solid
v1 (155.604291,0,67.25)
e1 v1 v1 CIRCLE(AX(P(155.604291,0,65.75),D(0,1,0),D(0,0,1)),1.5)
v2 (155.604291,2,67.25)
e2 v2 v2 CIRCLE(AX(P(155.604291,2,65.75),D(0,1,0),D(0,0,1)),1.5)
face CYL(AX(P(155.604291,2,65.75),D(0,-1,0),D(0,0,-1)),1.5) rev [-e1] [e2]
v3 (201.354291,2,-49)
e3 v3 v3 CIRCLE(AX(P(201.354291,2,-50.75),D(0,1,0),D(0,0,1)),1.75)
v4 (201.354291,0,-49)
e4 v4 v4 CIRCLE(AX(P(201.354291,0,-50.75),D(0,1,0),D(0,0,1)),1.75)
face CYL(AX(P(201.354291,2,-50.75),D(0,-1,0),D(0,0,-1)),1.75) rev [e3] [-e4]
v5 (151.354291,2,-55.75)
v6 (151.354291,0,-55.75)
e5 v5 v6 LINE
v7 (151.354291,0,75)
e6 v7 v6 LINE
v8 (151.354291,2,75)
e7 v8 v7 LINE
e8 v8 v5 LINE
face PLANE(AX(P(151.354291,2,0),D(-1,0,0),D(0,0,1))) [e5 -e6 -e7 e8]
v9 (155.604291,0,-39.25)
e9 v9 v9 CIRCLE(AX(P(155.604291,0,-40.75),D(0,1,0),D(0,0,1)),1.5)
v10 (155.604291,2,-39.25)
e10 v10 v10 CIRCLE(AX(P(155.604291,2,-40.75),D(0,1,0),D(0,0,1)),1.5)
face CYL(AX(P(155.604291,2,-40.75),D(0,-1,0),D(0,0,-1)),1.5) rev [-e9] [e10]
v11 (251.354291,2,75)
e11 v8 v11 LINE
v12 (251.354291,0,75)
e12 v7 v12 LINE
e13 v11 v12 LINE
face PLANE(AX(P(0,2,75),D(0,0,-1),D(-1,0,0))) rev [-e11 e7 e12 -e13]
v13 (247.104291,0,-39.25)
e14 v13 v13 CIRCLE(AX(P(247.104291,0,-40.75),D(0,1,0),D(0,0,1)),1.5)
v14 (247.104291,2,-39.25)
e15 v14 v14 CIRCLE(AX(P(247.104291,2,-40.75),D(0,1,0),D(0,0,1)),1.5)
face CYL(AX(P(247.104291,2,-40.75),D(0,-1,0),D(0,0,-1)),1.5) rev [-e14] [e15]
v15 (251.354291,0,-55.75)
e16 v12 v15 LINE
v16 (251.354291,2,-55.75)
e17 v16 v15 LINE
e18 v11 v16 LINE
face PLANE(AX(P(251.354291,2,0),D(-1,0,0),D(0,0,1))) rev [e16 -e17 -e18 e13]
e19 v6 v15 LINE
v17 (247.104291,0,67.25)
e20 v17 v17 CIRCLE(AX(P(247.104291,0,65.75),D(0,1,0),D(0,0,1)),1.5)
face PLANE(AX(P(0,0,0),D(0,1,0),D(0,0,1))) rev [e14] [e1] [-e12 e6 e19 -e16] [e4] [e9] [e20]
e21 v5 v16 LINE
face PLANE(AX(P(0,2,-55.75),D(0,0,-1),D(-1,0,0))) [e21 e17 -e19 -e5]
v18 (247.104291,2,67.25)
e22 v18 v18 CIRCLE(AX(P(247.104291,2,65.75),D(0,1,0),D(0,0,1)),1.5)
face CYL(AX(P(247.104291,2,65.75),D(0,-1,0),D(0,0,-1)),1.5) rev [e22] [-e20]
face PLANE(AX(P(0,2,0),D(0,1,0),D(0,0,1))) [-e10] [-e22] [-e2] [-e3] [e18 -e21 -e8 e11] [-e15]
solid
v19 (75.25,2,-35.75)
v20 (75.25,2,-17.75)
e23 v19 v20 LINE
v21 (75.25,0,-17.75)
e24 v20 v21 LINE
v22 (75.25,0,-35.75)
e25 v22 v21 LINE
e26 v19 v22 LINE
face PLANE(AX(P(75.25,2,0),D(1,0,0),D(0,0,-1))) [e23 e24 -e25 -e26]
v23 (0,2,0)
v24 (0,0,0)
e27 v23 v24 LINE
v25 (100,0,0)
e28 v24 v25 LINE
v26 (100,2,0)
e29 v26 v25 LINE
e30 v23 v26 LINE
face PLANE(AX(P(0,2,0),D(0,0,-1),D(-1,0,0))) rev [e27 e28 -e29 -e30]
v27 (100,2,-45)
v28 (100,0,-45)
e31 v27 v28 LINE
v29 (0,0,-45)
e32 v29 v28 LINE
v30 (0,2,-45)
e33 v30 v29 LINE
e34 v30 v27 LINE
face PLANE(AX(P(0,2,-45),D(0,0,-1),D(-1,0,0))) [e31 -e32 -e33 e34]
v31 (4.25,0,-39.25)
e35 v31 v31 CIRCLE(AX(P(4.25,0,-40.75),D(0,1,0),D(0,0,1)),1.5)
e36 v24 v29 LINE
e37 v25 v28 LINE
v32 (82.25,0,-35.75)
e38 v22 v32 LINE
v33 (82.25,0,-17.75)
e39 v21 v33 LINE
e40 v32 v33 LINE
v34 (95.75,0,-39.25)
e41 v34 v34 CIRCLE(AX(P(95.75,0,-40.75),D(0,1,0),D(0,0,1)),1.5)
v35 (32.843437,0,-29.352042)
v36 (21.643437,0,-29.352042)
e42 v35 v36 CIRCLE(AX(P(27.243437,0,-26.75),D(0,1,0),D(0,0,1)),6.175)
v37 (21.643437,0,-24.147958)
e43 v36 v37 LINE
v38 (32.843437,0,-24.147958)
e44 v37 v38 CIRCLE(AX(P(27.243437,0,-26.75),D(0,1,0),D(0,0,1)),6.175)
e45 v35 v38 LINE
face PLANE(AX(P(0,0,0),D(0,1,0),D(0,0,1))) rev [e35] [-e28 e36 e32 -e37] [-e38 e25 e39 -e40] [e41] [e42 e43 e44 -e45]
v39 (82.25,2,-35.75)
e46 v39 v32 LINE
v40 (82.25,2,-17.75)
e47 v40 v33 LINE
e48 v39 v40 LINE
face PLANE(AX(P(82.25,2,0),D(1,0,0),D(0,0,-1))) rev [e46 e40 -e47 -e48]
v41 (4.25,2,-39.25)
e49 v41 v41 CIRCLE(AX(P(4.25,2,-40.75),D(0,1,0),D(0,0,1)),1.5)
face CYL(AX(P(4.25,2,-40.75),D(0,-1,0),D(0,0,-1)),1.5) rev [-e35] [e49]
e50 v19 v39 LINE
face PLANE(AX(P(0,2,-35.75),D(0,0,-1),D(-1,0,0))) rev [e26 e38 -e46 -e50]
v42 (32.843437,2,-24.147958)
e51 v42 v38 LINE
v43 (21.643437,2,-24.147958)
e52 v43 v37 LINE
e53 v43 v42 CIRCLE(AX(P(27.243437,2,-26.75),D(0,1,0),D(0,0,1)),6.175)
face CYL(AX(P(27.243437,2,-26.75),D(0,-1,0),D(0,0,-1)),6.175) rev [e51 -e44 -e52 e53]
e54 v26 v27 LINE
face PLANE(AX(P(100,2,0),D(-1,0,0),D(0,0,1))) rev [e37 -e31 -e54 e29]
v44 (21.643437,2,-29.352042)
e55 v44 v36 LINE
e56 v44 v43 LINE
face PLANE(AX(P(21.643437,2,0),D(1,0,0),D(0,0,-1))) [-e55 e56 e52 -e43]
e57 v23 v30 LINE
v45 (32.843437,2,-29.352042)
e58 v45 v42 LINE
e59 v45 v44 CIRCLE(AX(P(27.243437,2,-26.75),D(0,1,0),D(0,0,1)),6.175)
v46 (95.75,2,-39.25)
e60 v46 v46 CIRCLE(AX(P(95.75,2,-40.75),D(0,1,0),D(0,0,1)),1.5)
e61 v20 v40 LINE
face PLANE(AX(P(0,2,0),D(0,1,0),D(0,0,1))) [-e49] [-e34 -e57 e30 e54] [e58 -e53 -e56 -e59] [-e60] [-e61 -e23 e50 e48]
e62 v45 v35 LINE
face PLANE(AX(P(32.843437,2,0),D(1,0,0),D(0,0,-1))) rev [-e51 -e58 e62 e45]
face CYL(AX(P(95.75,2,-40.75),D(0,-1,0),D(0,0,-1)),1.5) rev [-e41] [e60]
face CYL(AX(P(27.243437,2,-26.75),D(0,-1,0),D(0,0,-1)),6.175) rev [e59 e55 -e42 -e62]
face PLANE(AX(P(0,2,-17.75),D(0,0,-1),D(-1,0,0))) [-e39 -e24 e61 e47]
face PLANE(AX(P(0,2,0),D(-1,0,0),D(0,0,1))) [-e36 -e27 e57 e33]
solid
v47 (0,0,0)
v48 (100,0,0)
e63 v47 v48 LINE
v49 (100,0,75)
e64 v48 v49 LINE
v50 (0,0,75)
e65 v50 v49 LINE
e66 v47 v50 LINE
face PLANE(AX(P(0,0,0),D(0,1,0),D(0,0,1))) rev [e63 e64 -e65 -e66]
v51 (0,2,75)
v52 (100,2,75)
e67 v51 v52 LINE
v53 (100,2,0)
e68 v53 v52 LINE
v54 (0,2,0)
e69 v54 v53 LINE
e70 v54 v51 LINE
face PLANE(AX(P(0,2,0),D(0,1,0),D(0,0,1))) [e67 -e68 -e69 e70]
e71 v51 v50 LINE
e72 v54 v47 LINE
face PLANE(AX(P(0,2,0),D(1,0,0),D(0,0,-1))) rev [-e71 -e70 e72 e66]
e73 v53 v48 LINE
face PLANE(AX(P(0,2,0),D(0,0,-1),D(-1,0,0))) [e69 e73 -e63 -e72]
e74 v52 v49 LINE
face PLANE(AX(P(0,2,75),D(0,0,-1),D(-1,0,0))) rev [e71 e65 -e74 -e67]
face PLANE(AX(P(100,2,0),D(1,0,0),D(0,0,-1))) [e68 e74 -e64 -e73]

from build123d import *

# Parameters (mm, degrees)
SKETCH1_W             = 100
SKETCH1_H             = 45
SKETCH1_R             = 1.5
SKETCH1_W_2           = 7
SKETCH1_H_2           = 18
BOSS_EXTRUDE1_DEPTH   = 2
SKETCH1_H_3           = 130.75
SKETCH1_R_2           = 1.75
BOSS_EXTRUDE1_2_DEPTH = 2
SKETCH1_3_W           = 100
SKETCH1_3_H           = 75
BOSS_EXTRUDE2_DEPTH   = 2


with BuildPart() as part:
    # Sketch1 → Boss-Extrude1 (new body)
    with BuildSketch(Plane(origin=(0, 0, 0), x_dir=(1, 0, 0), z_dir=(0, 1, 0))):
        with Locations((50, 22.5)):
            Rectangle(SKETCH1_W, SKETCH1_H)
        with BuildLine():
            Line((21.643437278, 24.147957533), (21.643437278, 29.352042467))
            ThreePointArc((21.643437278, 29.352042467), (27.243437278, 32.925), (32.843437278, 29.352042467))
            Line((32.843437278, 29.352042467), (32.843437278, 24.147957533))
            ThreePointArc((32.843437278, 24.147957533), (27.243437278, 20.575), (21.643437278, 24.147957533))
        make_face(mode=Mode.SUBTRACT)
        with Locations((4.25, 40.75)):
            Circle(SKETCH1_R, mode=Mode.SUBTRACT)
        with Locations((78.75, 26.75)):
            Rectangle(SKETCH1_W_2, SKETCH1_H_2, mode=Mode.SUBTRACT)
        with Locations((95.75, 40.75)):
            Circle(SKETCH1_R, mode=Mode.SUBTRACT)
    extrude(amount=BOSS_EXTRUDE1_DEPTH)


with BuildPart() as body_2:
    # Sketch1 → Boss-Extrude1 2 (new body)
    with BuildSketch(Plane(origin=(0, 0, 0), x_dir=(1, 0, 0), z_dir=(0, 1, 0))):
        with Locations((201.354291092, -9.625)):
            Rectangle(SKETCH1_W, SKETCH1_H_3)
        with Locations((155.604291092, -65.75)):
            Circle(SKETCH1_R, mode=Mode.SUBTRACT)
        with Locations((247.104291092, -65.75)):
            Circle(SKETCH1_R, mode=Mode.SUBTRACT)
        with Locations((155.604291092, 40.75)):
            Circle(SKETCH1_R, mode=Mode.SUBTRACT)
        with Locations((201.354291092, 50.75)):
            Circle(SKETCH1_R_2, mode=Mode.SUBTRACT)
        with Locations((247.104291092, 40.75)):
            Circle(SKETCH1_R, mode=Mode.SUBTRACT)
    extrude(amount=BOSS_EXTRUDE1_2_DEPTH)


with BuildPart() as body_3:
    # Sketch1<3> → Boss-Extrude2 (new body)
    with BuildSketch(Plane(origin=(0, 0, 0), x_dir=(1, 0, 0), z_dir=(0, 1, 0))):
        with Locations((50, -37.5)):
            Rectangle(SKETCH1_3_W, SKETCH1_3_H)
    extrude(amount=BOSS_EXTRUDE2_DEPTH)


solid = Compound([part.part, body_2.part, body_3.part])
